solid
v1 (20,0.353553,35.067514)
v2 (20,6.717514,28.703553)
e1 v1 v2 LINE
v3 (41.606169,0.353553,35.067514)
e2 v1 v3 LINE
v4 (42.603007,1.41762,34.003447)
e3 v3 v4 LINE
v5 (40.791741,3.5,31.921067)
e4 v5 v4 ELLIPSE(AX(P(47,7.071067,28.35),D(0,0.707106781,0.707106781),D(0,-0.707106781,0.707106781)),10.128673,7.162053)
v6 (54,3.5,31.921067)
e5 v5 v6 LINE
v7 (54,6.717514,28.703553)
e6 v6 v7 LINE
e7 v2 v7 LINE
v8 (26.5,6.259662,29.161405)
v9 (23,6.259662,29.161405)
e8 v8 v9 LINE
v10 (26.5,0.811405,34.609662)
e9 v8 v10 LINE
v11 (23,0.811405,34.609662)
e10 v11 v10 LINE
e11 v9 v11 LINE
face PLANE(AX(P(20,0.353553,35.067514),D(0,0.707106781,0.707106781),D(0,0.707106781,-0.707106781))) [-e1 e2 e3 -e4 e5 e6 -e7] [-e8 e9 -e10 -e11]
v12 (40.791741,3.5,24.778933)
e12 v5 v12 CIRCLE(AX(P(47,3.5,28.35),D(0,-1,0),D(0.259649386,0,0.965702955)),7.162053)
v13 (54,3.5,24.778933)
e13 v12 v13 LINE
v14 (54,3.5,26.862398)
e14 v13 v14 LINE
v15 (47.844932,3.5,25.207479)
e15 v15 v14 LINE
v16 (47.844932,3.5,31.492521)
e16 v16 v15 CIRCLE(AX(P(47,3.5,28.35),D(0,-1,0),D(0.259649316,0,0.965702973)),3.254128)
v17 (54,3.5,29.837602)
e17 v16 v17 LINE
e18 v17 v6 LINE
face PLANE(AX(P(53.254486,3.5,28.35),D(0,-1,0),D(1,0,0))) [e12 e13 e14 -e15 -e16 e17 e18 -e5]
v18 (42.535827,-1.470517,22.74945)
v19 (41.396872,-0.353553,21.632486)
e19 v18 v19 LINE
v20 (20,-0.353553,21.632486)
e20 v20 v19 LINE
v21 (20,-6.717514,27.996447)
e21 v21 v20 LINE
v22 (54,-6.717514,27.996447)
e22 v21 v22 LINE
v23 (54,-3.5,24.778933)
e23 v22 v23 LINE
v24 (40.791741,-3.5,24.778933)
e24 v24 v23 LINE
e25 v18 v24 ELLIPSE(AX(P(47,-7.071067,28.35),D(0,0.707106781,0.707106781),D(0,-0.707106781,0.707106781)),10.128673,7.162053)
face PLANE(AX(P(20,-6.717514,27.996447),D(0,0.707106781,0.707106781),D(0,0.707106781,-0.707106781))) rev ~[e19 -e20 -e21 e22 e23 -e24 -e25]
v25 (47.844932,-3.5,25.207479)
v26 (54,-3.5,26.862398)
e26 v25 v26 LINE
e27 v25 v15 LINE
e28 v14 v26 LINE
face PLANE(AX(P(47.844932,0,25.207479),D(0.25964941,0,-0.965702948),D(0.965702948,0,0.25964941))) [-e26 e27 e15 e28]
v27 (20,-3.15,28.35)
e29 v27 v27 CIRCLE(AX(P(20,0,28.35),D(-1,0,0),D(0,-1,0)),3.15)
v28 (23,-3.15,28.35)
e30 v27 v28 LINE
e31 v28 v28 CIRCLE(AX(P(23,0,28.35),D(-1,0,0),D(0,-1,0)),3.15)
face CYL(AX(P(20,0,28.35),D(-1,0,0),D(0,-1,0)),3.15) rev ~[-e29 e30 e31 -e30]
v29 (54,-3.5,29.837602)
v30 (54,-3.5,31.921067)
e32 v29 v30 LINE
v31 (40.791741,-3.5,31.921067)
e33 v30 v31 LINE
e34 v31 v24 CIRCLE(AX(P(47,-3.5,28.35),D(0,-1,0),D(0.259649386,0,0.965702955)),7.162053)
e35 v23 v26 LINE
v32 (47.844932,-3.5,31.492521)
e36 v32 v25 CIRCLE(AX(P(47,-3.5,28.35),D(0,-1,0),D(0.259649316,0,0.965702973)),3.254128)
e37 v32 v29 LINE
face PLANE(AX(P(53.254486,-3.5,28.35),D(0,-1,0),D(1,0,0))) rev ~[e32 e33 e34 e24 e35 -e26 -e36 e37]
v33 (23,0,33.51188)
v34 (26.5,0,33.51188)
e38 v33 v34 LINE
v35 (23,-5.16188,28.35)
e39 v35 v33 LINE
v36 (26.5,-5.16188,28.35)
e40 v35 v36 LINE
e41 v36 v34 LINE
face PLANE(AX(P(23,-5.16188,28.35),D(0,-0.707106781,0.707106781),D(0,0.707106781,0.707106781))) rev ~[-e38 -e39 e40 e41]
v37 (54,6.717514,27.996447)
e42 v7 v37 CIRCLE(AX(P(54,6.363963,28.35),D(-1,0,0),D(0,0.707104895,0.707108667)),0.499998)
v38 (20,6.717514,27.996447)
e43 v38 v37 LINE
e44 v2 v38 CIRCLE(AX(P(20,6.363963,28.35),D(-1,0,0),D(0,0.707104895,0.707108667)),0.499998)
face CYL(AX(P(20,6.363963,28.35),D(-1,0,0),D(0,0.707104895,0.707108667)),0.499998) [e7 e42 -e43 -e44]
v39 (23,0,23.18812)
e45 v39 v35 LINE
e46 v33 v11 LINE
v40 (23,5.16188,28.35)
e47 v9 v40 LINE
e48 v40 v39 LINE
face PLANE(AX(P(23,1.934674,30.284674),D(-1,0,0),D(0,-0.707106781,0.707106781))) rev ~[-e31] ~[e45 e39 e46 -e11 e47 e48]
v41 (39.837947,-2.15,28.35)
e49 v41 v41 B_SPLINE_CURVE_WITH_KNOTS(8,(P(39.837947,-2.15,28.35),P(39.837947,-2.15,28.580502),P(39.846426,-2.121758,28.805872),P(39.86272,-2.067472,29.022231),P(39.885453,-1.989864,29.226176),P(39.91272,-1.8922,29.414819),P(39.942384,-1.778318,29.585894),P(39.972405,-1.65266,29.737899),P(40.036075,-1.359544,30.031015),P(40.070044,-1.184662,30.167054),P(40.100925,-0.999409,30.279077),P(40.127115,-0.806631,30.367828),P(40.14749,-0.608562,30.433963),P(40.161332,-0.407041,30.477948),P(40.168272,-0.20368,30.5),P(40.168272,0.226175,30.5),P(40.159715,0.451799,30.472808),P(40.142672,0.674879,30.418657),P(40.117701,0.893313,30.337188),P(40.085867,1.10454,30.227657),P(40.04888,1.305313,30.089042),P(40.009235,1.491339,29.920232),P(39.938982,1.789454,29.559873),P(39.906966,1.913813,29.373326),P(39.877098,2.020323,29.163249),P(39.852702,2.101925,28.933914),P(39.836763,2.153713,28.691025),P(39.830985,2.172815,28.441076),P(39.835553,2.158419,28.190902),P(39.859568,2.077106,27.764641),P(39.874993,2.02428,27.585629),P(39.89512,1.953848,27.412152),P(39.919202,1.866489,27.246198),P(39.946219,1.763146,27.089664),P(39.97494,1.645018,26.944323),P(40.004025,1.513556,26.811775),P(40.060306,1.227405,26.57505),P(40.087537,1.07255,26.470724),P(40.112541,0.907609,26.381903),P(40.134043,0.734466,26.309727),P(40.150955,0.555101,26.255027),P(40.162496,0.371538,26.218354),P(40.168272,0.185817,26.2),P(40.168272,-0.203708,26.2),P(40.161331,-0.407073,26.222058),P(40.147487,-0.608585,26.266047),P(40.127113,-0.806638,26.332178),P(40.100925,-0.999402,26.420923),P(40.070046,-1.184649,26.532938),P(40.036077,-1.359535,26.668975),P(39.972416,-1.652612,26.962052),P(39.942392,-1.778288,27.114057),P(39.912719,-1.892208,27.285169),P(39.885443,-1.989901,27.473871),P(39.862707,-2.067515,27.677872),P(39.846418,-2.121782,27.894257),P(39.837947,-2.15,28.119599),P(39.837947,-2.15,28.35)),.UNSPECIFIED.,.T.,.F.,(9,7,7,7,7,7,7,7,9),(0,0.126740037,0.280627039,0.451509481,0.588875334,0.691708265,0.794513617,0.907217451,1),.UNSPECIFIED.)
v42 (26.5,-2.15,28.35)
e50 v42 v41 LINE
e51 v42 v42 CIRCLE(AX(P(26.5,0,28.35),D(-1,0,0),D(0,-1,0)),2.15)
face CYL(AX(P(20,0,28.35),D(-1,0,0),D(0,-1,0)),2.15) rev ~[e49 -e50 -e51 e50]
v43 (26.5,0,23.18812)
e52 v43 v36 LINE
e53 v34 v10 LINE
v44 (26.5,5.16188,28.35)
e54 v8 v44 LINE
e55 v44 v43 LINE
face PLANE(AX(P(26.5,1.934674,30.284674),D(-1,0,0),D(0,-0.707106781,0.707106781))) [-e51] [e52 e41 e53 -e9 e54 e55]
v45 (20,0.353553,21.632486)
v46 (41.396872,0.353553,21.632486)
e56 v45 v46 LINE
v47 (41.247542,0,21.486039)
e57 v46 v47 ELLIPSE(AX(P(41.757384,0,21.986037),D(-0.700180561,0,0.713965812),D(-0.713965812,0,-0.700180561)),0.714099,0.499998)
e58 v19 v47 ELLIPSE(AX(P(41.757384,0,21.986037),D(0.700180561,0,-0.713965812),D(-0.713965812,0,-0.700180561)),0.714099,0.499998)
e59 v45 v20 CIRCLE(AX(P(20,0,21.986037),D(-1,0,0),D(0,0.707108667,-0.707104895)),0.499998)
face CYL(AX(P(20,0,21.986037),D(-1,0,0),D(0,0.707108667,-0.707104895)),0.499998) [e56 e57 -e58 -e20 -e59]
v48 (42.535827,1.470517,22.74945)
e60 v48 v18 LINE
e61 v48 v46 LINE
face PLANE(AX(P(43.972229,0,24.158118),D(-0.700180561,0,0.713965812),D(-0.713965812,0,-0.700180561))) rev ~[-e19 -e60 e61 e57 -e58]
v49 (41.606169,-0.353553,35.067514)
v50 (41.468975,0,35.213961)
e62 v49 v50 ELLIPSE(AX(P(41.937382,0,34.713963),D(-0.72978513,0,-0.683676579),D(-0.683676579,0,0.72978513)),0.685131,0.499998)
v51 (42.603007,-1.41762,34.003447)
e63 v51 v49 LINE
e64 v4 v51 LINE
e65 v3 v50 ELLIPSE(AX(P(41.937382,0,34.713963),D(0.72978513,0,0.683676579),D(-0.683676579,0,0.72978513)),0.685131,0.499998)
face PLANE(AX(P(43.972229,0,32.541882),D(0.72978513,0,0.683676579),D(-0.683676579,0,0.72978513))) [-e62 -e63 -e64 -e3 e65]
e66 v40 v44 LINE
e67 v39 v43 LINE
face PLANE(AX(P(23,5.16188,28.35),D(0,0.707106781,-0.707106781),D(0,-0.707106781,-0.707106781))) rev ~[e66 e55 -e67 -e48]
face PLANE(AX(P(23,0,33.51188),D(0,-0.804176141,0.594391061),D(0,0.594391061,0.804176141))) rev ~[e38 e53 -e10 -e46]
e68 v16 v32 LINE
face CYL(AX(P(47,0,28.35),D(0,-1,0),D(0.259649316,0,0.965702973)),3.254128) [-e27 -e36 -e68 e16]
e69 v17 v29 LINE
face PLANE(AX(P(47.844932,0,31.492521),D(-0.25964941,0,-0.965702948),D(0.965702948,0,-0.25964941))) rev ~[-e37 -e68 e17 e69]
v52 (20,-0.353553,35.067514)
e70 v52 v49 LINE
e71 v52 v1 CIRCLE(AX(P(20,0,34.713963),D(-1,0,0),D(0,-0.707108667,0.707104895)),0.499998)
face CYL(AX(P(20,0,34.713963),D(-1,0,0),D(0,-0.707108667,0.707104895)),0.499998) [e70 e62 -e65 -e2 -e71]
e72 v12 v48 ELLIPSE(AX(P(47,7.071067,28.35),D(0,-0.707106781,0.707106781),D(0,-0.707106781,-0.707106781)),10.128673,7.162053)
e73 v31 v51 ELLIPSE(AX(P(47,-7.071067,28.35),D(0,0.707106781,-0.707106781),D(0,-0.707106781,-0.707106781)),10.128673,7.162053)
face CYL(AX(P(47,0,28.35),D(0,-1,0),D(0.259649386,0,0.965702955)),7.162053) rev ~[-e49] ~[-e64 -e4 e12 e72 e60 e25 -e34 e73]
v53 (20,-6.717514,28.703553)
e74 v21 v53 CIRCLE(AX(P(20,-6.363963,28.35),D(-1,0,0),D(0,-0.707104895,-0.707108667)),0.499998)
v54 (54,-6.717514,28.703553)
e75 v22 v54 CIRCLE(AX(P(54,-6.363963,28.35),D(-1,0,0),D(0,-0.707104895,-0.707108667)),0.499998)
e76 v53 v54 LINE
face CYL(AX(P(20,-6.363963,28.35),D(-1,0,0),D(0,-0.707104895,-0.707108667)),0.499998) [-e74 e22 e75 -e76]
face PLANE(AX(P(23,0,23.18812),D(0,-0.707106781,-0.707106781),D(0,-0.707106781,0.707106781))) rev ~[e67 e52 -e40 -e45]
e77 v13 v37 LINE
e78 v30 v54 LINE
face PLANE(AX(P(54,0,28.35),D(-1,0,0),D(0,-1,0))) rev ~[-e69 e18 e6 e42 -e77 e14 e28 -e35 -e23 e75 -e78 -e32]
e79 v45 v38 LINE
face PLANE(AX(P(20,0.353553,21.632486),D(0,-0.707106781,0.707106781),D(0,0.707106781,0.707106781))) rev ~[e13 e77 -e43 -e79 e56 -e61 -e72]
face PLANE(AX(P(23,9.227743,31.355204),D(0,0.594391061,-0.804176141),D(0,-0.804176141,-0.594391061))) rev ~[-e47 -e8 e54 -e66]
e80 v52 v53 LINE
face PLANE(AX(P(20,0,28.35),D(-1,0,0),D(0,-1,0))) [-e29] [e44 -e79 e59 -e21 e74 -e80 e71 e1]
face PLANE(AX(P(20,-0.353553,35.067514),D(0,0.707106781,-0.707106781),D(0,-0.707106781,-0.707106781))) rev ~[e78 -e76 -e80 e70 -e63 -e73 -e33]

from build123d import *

# Parameters (mm, degrees)
PAD023_DEPTH         = 34
POCKET032_DEPTH      = 6.864961
POCKET032_DEPTH_BACK = 6.864961
POCKET033_DEPTH      = 3.5
SKETCH057_R          = 2.15
POCKET034_DEPTH      = 21
POCKET035_DEPTH      = 3.5
SKETCH069_R          = 3.15
POCKET036_DEPTH      = 4


with BuildPart() as part:
    # Sketch054 → Pad023 (new body)
    with BuildSketch(Plane(origin=(20, 0, 28.35), x_dir=(0, -1, 0), z_dir=(-1, 0, 0))):
        with BuildLine():
            Line((-0.353553, 6.717514), (-6.717514, 0.353553))
            ThreePointArc((-6.717514, 0.353553), (-6.863961, 0), (-6.717514, -0.353553))
            Line((-0.353553, -6.717514), (-6.717514, -0.353553))
            ThreePointArc((-0.353553, -6.717514), (0, -6.863961), (0.353553, -6.717514))
            Line((6.717514, -0.353553), (0.353553, -6.717514))
            ThreePointArc((6.717514, -0.353553), (6.863961, 0), (6.717514, 0.353553))
            Line((0.353553, 6.717514), (6.717514, 0.353553))
            ThreePointArc((0.353553, 6.717514), (0, 6.863961), (-0.353553, 6.717514))
        make_face()
    extrude(amount=-PAD023_DEPTH)

    # Sketch067 → Pocket032 (cut, two sides)
    with BuildSketch(Plane(origin=(47, 0, 28.35), x_dir=(1, 0, 0), z_dir=(0, -1, 0))) as pocket032_sk:
        Polygon((-10.885376, 12.57942), (24.170823, 12.57942), (24.170823, 4.191882), (-3.027771, 4.191882), align=None)
        Polygon((24.170823, -4.191882), (-3.027771, -4.191882), (-11.580444, -12.57942), (24.170823, -12.57942), align=None)
    extrude(amount=-POCKET032_DEPTH, mode=Mode.SUBTRACT)
    extrude(pocket032_sk.sketch, amount=POCKET032_DEPTH_BACK, mode=Mode.SUBTRACT)

    # Sketch056 → Pocket033 (cut, symmetric)
    with BuildSketch(Plane(origin=(47, 0, 28.35), x_dir=(1, 0, 0), z_dir=(0, -1, 0))):
        with BuildLine():
            Line((20.145038, 2), (1.859623, 6.916416))
            ThreePointArc((1.859623, 6.916416), (-7.162053, 0), (1.859623, -6.916416))
            Line((20.145038, -2), (1.859623, -6.916416))
            Line((20.145038, 2), (20.145038, -2))
        make_face()
        with BuildLine():
            ThreePointArc((0.844932, 3.142521), (-3.254128, 0), (0.844932, -3.142521))
            Line((0.844932, -3.142521), (12.532776, 0))
            Line((0.844932, 3.142521), (12.532776, 0))
        make_face(mode=Mode.SUBTRACT)
    extrude(amount=POCKET033_DEPTH, both=True, mode=Mode.SUBTRACT)

    # Sketch057 → Pocket034 (cut)
    with BuildSketch(Plane(origin=(20, 0, 28.35), x_dir=(0, -1, 0), z_dir=(-1, 0, 0))):
        Circle(SKETCH057_R)
    extrude(amount=-POCKET034_DEPTH, mode=Mode.SUBTRACT)

    # Sketch068 → Pocket035 (cut)
    with BuildSketch(Plane(origin=(23, 0, 28.35), x_dir=(0, -0.707107, 0.707107), z_dir=(-1, 0, 0))):
        Polygon((-3.65, -3.65), (3.65, -3.65), (3.65, 3.65), (4.4, 8.65), (-4.4, 8.65), (-3.65, 3.65), align=None)
    extrude(amount=-POCKET035_DEPTH, mode=Mode.SUBTRACT)

    # Sketch069 → Pocket036 (cut)
    with BuildSketch(Plane(origin=(20, 0, 28.35), x_dir=(0, -1, 0), z_dir=(-1, 0, 0))):
        Circle(SKETCH069_R)
    extrude(amount=-POCKET036_DEPTH, mode=Mode.SUBTRACT)


solid = part.part
